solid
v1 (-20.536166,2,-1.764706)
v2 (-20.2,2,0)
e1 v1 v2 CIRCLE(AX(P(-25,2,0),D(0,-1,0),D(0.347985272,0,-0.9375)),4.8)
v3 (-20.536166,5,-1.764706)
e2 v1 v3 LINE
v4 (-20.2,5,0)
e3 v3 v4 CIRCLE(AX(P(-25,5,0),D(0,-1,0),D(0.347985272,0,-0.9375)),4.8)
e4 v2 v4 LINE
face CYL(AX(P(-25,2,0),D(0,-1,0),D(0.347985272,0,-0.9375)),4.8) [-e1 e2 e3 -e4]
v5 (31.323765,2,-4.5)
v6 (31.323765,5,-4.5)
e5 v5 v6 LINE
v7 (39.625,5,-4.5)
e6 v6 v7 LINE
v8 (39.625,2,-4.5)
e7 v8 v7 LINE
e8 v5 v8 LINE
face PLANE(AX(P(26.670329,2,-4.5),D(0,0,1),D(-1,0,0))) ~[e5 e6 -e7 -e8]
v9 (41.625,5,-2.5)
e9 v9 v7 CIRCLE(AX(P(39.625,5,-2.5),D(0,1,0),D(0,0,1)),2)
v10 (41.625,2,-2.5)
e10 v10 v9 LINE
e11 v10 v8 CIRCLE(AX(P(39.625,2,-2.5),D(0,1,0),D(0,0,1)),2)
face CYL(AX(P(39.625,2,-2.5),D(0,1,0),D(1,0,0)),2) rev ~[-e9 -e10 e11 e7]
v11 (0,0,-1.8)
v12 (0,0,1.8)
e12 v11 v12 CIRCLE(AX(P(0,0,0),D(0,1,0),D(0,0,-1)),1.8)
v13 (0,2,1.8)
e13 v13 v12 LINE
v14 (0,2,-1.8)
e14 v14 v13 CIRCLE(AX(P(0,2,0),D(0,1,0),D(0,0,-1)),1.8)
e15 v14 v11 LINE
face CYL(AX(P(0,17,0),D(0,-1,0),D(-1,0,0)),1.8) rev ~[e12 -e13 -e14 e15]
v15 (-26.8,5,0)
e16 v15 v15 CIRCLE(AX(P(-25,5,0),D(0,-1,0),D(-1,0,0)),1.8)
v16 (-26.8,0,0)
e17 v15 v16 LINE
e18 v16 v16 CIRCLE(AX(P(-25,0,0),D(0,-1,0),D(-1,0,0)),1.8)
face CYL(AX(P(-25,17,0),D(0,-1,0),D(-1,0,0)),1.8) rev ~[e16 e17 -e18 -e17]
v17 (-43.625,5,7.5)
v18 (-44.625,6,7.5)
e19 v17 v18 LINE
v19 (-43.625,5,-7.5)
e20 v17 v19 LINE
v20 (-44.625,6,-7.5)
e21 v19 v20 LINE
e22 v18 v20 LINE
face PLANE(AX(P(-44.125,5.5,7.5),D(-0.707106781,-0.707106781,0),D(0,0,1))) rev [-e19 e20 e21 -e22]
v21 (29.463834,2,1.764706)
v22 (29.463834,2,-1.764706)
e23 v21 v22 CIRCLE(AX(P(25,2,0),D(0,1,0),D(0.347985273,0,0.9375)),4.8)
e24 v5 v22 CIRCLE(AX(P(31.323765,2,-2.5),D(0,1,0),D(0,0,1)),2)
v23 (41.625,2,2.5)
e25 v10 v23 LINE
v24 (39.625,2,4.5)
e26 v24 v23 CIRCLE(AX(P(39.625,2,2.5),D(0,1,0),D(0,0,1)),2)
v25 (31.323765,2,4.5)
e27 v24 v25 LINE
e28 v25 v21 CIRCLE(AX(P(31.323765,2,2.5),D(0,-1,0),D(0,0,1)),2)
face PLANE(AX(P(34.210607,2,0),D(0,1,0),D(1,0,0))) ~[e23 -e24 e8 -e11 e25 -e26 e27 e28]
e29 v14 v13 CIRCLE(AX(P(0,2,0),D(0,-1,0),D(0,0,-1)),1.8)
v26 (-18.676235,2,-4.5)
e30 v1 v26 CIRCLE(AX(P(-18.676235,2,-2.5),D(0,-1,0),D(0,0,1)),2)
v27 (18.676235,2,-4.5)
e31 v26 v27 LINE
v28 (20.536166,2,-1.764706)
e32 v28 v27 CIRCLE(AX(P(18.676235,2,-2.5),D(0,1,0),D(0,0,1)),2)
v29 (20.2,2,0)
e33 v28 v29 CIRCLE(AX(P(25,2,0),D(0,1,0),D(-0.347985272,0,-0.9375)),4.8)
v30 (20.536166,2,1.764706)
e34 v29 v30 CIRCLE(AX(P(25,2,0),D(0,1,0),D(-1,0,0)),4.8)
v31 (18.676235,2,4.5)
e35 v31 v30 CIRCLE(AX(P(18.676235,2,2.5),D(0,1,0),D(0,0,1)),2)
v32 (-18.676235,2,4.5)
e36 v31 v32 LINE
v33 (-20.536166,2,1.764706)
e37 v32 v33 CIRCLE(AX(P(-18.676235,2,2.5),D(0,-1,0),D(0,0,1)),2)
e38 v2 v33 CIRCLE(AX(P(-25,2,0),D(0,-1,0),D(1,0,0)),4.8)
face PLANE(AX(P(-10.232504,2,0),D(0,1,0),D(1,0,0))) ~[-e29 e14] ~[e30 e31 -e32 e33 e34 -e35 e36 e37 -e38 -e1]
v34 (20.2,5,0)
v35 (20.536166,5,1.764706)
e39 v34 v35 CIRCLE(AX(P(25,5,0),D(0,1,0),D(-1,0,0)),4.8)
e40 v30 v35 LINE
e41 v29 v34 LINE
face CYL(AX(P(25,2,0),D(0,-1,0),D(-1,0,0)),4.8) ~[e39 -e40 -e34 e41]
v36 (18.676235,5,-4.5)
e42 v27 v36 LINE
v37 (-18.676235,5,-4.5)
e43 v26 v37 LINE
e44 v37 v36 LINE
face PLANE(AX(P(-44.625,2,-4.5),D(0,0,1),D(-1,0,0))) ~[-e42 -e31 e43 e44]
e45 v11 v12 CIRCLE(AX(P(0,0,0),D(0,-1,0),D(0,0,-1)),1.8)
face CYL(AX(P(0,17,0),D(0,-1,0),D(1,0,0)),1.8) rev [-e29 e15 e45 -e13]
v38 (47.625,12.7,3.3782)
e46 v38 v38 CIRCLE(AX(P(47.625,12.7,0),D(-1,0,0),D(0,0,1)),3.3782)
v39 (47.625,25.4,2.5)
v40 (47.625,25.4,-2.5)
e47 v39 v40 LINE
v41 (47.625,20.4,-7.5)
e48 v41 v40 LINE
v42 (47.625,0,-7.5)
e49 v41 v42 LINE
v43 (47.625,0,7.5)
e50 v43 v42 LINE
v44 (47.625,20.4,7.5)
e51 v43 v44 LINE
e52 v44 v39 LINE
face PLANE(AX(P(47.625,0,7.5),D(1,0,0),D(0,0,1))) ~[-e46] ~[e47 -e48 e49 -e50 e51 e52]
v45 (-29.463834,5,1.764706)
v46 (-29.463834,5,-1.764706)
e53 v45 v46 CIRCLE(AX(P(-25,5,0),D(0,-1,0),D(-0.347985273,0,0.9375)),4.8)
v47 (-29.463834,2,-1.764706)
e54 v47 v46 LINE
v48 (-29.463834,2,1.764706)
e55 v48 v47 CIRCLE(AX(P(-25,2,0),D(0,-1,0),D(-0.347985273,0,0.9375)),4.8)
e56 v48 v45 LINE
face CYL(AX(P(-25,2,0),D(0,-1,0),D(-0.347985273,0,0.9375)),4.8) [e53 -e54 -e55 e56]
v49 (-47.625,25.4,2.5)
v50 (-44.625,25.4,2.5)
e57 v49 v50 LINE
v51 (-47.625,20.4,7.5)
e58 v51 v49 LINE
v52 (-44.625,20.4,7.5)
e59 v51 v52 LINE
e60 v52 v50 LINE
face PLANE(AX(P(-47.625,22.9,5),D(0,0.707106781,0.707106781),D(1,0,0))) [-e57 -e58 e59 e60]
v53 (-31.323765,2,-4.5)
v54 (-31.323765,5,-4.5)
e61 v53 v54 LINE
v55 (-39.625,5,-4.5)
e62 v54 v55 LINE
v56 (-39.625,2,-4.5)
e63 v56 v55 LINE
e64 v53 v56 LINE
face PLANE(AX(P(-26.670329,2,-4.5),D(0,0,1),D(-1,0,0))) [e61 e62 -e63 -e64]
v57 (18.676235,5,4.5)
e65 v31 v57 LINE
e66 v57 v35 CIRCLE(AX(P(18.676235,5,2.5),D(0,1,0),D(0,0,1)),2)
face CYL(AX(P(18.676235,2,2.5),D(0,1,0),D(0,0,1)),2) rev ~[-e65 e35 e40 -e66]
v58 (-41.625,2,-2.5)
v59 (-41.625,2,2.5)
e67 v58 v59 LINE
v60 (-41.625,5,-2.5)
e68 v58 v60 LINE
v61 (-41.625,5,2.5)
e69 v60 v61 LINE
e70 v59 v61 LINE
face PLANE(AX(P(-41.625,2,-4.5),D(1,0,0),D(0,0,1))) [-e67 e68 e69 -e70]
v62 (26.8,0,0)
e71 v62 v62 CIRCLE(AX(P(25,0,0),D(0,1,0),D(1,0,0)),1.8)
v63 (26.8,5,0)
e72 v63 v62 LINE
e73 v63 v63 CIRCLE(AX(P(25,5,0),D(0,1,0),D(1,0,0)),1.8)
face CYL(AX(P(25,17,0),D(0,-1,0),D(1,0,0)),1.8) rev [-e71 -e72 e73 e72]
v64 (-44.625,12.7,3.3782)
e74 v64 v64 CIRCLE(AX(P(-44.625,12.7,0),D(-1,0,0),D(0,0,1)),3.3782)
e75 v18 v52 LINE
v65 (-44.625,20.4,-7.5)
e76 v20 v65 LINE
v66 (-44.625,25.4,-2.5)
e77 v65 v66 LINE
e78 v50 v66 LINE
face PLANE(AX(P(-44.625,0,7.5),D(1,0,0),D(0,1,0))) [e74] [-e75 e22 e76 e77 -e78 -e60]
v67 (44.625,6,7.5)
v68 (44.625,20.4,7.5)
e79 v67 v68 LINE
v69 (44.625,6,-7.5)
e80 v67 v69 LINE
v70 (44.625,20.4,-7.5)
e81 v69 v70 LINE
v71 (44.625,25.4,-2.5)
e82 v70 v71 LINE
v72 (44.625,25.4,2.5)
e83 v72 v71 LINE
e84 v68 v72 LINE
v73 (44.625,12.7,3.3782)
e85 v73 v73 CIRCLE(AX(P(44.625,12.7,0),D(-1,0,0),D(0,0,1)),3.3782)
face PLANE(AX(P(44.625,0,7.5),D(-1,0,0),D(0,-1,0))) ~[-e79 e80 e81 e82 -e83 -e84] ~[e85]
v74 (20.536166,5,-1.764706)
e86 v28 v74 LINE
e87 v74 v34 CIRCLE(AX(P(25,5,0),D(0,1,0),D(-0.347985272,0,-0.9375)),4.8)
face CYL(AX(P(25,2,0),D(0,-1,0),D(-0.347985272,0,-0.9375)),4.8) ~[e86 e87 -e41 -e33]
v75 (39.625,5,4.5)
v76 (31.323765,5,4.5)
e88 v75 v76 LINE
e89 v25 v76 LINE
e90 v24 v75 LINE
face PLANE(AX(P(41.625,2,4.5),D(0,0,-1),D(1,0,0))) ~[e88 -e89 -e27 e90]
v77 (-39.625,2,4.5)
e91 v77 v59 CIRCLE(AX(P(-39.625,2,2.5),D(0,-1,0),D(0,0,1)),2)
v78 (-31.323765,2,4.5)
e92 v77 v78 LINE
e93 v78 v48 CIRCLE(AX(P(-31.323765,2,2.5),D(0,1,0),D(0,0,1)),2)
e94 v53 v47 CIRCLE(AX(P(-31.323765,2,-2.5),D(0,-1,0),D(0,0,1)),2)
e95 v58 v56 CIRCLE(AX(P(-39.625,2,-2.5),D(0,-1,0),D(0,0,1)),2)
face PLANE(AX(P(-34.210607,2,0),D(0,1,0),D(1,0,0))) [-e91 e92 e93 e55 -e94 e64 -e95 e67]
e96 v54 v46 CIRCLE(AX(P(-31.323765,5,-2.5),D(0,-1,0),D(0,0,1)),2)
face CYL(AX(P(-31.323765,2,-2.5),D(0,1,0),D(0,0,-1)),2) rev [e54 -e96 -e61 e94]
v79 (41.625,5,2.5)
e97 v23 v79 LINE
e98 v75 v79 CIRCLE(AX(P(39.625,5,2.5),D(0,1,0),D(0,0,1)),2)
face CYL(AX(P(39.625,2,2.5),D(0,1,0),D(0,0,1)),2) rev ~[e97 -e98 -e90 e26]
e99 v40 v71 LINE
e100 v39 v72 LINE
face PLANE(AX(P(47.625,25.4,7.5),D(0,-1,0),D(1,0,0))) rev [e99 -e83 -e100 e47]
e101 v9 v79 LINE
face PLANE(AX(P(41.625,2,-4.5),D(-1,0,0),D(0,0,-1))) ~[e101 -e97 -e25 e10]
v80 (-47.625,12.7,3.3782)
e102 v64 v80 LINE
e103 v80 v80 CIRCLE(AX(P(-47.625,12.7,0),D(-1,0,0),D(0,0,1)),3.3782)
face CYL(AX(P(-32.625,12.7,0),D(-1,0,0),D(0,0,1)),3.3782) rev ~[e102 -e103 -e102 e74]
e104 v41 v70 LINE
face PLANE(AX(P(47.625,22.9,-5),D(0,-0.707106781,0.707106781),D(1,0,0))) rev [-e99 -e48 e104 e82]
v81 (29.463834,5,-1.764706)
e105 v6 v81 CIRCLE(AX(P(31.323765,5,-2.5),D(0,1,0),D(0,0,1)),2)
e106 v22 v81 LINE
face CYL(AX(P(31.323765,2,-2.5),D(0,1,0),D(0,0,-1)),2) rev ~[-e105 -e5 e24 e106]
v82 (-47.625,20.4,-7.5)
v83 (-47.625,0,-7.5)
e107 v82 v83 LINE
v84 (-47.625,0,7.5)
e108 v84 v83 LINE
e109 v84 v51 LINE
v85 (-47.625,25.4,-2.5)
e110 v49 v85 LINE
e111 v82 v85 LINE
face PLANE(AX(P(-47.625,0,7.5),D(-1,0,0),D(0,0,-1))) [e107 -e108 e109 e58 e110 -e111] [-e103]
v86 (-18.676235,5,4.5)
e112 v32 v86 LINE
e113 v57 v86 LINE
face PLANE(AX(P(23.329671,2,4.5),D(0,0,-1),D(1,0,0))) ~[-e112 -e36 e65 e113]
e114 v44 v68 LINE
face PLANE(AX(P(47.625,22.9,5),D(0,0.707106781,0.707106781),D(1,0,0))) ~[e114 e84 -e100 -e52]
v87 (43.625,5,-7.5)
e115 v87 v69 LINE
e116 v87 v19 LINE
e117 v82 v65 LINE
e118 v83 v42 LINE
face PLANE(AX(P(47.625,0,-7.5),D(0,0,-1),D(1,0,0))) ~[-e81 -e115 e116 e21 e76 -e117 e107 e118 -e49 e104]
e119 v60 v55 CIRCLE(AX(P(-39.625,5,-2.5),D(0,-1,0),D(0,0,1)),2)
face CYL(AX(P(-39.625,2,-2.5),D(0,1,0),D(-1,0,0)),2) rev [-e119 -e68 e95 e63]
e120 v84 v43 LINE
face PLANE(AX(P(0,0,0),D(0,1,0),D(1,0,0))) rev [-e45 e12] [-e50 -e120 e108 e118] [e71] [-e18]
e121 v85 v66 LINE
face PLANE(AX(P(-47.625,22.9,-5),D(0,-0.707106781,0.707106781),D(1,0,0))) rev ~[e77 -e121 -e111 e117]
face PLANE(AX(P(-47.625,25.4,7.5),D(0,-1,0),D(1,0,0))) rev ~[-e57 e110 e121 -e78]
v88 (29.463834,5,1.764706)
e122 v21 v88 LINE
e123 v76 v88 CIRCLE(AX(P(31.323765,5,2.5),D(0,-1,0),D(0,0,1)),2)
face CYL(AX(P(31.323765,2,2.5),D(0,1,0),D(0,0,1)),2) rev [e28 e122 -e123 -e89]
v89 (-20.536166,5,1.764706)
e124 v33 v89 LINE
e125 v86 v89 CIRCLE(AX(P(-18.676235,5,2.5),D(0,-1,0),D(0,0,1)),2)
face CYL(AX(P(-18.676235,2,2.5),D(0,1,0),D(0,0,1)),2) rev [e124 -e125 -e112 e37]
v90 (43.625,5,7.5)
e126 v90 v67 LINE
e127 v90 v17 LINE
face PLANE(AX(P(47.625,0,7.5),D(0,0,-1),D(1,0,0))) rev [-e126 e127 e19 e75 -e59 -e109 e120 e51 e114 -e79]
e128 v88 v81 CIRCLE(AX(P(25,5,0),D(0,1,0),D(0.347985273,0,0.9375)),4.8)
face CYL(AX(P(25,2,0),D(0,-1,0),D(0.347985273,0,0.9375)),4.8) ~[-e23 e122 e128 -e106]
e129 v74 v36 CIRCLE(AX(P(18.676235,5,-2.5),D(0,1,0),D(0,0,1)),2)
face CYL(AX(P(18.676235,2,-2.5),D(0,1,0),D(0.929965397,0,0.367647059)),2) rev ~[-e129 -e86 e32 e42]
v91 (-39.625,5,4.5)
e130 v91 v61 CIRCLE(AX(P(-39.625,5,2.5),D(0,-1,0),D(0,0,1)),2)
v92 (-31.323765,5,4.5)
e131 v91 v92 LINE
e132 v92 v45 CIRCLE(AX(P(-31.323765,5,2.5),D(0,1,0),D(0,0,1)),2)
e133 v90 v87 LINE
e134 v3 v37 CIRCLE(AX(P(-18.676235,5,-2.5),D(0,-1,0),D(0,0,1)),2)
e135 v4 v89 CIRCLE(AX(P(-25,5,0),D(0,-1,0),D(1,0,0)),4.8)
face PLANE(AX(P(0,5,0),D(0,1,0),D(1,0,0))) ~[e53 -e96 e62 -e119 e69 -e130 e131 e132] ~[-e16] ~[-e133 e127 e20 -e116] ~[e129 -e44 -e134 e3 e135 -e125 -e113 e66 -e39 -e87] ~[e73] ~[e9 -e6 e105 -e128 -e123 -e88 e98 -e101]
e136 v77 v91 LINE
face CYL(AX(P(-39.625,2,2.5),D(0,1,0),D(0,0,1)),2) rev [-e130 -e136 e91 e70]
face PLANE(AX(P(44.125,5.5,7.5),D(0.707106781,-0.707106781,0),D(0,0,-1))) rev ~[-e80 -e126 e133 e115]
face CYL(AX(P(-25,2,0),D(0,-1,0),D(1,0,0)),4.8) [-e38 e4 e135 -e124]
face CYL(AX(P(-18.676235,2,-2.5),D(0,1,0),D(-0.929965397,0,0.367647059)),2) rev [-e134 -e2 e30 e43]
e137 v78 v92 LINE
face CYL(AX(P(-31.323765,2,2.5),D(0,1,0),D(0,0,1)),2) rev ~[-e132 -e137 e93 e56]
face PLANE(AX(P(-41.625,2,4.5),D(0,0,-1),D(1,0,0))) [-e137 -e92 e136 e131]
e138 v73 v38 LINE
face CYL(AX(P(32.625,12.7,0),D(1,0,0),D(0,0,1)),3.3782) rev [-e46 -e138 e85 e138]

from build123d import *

# Parameters (mm, degrees)
SKETCH1_W                   = 95.25
SKETCH1_H                   = 15
BOSS_EXTRUDE1_DEPTH         = 5
SKETCH2_W                   = 3
SKETCH2_H                   = 25.4
BOSS_EXTRUDE2_DEPTH         = 15
F_1_4_CLEARANCE_HOLE1_D     = 6.7564
F_1_4_CLEARANCE_HOLE1_DEPTH = 12
F_1_4_CLEARANCE_HOLE1_TIP   = 2.029827343
M3_CLEARANCE_HOLE1_D        = 3.6
M3_CLEARANCE_HOLE1_DEPTH    = 12
M3_CLEARANCE_HOLE1_TIP      = 1.081549114
CUT_EXTRUDE1_START          = -3
SKETCH9_R                   = 1.8
CUT_EXTRUDE1_DEPTH          = 3
FILLET1_R                   = 2
CHAMFER1_SIZE               = 1
CHAMFER2_SIZE               = 5
SKETCH10_W                  = 79.639400705
SKETCH10_H                  = 33.458041781
CUT_EXTRUDE2_DEPTH          = 57.020537529


with BuildPart() as part:
    # Sketch1 → Boss-Extrude1 (new body)
    with BuildSketch(Plane(origin=(0, 0, 0), x_dir=(1, 0, 0), z_dir=(0, 1, 0))):
        Rectangle(SKETCH1_W, SKETCH1_H)
    extrude(amount=BOSS_EXTRUDE1_DEPTH)

    # Sketch2 → Boss-Extrude2 (add, through all)
    with BuildSketch(Plane.XY.offset(7.5)):
        with Locations((-46.125, 12.7)):
            Rectangle(SKETCH2_W, SKETCH2_H)
    extrude(amount=-BOSS_EXTRUDE2_DEPTH)

    # 1/4 Clearance Hole1
    with Locations(Plane(origin=(-44.625, 0, 0), x_dir=(0, 0, -1), z_dir=(1, 0, 0))):
        with Locations((0, 12.7)):
            Hole(F_1_4_CLEARANCE_HOLE1_D / 2, depth=F_1_4_CLEARANCE_HOLE1_DEPTH)
            with Locations((0, 0, -(F_1_4_CLEARANCE_HOLE1_DEPTH + F_1_4_CLEARANCE_HOLE1_TIP / 2))):  # 118° drill point
                Cone(0, F_1_4_CLEARANCE_HOLE1_D / 2, F_1_4_CLEARANCE_HOLE1_TIP, mode=Mode.SUBTRACT)

    # M3 Clearance Hole1
    with Locations(Plane(origin=(0, 5, 0), x_dir=(1, 0, 0), z_dir=(0, 1, 0))):
        with Locations((-25, 0), (0, 0)):
            Hole(M3_CLEARANCE_HOLE1_D / 2, depth=M3_CLEARANCE_HOLE1_DEPTH)
            with Locations((0, 0, -(M3_CLEARANCE_HOLE1_DEPTH + M3_CLEARANCE_HOLE1_TIP / 2))):  # 118° drill point
                Cone(0, M3_CLEARANCE_HOLE1_D / 2, M3_CLEARANCE_HOLE1_TIP, mode=Mode.SUBTRACT)

    # Sketch9 → Cut-Extrude1 (cut)
    # profile 1 of 2: a face of its own
    with BuildSketch(Plane(origin=(0, 5, 0), x_dir=(1, 0, 0), z_dir=(0, 1, 0)).offset(CUT_EXTRUDE1_START)):
        with BuildLine():
            ThreePointArc((-26.670329309, -4.5), (-29.8, 0), (-26.670329309, 4.5))
            Line((-26.670329309, 4.5), (-41.625, 4.5))
            Line((-41.625, 4.5), (-41.625, -4.5))
            Line((-41.625, -4.5), (-26.670329309, -4.5))
        make_face()
    # profile 2 of 2: a face of its own
    with BuildSketch(Plane(origin=(0, 5, 0), x_dir=(1, 0, 0), z_dir=(0, 1, 0)).offset(CUT_EXTRUDE1_START)):
        with BuildLine():
            Line((44.625, -4.5), (44.625, 4.5))
            Line((44.625, 4.5), (-23.329670691, 4.5))
            ThreePointArc((-23.329670691, 4.5), (-21.059341382, 2.740658618), (-20.2, 0))
            ThreePointArc((-20.2, 0), (-21.059341382, -2.740658618), (-23.329670691, -4.5))
            Line((-23.329670691, -4.5), (44.625, -4.5))
        make_face()
        with Locations(Location((0, 0, 0), (0, 0, 270))):
            Circle(SKETCH9_R, mode=Mode.SUBTRACT)
    extrude(amount=CUT_EXTRUDE1_DEPTH, mode=Mode.SUBTRACT)

    # Fillet1
    fillet1_edges = [part.edges().sort_by_distance(p)[0] for p in [
        (-26.670329309, 3.5, -4.5),
        (-26.670329309, 3.5, 4.5),
        (-41.625, 3.5, 4.5),
        (-41.625, 3.5, -4.5),
        (-23.329670691, 3.5, 4.5),
        (-23.329670691, 3.5, -4.5),
    ]]
    fillet(fillet1_edges, radius=FILLET1_R)

    # Chamfer1
    chamfer1_edges = [part.edges().sort_by_distance(p)[0] for p in [
        (-44.625, 5, 0),
    ]]
    chamfer(chamfer1_edges, length=CHAMFER1_SIZE)

    # Chamfer2
    chamfer2_edges = [part.edges().sort_by_distance(p)[0] for p in [
        (-46.125, 25.4, 7.5),
        (-46.125, 25.4, -7.5),
    ]]
    chamfer(chamfer2_edges, length=CHAMFER2_SIZE)

    # Sketch10 → Cut-Extrude2 (cut, through all)
    with BuildSketch(Plane.XY.offset(7.5)):
        with Locations((39.819700352, 16.72902089)):
            Rectangle(SKETCH10_W, SKETCH10_H)
    extrude(amount=-CUT_EXTRUDE2_DEPTH, mode=Mode.SUBTRACT)

    # Mirror2: part across plane


with BuildPart() as part_1:
    add(part.part)
    add(part.part.mirror(Plane(origin=(0, 0, 0), x_dir=(0, 0, 1), z_dir=(1, 0, 0))))


solid = part_1.part
